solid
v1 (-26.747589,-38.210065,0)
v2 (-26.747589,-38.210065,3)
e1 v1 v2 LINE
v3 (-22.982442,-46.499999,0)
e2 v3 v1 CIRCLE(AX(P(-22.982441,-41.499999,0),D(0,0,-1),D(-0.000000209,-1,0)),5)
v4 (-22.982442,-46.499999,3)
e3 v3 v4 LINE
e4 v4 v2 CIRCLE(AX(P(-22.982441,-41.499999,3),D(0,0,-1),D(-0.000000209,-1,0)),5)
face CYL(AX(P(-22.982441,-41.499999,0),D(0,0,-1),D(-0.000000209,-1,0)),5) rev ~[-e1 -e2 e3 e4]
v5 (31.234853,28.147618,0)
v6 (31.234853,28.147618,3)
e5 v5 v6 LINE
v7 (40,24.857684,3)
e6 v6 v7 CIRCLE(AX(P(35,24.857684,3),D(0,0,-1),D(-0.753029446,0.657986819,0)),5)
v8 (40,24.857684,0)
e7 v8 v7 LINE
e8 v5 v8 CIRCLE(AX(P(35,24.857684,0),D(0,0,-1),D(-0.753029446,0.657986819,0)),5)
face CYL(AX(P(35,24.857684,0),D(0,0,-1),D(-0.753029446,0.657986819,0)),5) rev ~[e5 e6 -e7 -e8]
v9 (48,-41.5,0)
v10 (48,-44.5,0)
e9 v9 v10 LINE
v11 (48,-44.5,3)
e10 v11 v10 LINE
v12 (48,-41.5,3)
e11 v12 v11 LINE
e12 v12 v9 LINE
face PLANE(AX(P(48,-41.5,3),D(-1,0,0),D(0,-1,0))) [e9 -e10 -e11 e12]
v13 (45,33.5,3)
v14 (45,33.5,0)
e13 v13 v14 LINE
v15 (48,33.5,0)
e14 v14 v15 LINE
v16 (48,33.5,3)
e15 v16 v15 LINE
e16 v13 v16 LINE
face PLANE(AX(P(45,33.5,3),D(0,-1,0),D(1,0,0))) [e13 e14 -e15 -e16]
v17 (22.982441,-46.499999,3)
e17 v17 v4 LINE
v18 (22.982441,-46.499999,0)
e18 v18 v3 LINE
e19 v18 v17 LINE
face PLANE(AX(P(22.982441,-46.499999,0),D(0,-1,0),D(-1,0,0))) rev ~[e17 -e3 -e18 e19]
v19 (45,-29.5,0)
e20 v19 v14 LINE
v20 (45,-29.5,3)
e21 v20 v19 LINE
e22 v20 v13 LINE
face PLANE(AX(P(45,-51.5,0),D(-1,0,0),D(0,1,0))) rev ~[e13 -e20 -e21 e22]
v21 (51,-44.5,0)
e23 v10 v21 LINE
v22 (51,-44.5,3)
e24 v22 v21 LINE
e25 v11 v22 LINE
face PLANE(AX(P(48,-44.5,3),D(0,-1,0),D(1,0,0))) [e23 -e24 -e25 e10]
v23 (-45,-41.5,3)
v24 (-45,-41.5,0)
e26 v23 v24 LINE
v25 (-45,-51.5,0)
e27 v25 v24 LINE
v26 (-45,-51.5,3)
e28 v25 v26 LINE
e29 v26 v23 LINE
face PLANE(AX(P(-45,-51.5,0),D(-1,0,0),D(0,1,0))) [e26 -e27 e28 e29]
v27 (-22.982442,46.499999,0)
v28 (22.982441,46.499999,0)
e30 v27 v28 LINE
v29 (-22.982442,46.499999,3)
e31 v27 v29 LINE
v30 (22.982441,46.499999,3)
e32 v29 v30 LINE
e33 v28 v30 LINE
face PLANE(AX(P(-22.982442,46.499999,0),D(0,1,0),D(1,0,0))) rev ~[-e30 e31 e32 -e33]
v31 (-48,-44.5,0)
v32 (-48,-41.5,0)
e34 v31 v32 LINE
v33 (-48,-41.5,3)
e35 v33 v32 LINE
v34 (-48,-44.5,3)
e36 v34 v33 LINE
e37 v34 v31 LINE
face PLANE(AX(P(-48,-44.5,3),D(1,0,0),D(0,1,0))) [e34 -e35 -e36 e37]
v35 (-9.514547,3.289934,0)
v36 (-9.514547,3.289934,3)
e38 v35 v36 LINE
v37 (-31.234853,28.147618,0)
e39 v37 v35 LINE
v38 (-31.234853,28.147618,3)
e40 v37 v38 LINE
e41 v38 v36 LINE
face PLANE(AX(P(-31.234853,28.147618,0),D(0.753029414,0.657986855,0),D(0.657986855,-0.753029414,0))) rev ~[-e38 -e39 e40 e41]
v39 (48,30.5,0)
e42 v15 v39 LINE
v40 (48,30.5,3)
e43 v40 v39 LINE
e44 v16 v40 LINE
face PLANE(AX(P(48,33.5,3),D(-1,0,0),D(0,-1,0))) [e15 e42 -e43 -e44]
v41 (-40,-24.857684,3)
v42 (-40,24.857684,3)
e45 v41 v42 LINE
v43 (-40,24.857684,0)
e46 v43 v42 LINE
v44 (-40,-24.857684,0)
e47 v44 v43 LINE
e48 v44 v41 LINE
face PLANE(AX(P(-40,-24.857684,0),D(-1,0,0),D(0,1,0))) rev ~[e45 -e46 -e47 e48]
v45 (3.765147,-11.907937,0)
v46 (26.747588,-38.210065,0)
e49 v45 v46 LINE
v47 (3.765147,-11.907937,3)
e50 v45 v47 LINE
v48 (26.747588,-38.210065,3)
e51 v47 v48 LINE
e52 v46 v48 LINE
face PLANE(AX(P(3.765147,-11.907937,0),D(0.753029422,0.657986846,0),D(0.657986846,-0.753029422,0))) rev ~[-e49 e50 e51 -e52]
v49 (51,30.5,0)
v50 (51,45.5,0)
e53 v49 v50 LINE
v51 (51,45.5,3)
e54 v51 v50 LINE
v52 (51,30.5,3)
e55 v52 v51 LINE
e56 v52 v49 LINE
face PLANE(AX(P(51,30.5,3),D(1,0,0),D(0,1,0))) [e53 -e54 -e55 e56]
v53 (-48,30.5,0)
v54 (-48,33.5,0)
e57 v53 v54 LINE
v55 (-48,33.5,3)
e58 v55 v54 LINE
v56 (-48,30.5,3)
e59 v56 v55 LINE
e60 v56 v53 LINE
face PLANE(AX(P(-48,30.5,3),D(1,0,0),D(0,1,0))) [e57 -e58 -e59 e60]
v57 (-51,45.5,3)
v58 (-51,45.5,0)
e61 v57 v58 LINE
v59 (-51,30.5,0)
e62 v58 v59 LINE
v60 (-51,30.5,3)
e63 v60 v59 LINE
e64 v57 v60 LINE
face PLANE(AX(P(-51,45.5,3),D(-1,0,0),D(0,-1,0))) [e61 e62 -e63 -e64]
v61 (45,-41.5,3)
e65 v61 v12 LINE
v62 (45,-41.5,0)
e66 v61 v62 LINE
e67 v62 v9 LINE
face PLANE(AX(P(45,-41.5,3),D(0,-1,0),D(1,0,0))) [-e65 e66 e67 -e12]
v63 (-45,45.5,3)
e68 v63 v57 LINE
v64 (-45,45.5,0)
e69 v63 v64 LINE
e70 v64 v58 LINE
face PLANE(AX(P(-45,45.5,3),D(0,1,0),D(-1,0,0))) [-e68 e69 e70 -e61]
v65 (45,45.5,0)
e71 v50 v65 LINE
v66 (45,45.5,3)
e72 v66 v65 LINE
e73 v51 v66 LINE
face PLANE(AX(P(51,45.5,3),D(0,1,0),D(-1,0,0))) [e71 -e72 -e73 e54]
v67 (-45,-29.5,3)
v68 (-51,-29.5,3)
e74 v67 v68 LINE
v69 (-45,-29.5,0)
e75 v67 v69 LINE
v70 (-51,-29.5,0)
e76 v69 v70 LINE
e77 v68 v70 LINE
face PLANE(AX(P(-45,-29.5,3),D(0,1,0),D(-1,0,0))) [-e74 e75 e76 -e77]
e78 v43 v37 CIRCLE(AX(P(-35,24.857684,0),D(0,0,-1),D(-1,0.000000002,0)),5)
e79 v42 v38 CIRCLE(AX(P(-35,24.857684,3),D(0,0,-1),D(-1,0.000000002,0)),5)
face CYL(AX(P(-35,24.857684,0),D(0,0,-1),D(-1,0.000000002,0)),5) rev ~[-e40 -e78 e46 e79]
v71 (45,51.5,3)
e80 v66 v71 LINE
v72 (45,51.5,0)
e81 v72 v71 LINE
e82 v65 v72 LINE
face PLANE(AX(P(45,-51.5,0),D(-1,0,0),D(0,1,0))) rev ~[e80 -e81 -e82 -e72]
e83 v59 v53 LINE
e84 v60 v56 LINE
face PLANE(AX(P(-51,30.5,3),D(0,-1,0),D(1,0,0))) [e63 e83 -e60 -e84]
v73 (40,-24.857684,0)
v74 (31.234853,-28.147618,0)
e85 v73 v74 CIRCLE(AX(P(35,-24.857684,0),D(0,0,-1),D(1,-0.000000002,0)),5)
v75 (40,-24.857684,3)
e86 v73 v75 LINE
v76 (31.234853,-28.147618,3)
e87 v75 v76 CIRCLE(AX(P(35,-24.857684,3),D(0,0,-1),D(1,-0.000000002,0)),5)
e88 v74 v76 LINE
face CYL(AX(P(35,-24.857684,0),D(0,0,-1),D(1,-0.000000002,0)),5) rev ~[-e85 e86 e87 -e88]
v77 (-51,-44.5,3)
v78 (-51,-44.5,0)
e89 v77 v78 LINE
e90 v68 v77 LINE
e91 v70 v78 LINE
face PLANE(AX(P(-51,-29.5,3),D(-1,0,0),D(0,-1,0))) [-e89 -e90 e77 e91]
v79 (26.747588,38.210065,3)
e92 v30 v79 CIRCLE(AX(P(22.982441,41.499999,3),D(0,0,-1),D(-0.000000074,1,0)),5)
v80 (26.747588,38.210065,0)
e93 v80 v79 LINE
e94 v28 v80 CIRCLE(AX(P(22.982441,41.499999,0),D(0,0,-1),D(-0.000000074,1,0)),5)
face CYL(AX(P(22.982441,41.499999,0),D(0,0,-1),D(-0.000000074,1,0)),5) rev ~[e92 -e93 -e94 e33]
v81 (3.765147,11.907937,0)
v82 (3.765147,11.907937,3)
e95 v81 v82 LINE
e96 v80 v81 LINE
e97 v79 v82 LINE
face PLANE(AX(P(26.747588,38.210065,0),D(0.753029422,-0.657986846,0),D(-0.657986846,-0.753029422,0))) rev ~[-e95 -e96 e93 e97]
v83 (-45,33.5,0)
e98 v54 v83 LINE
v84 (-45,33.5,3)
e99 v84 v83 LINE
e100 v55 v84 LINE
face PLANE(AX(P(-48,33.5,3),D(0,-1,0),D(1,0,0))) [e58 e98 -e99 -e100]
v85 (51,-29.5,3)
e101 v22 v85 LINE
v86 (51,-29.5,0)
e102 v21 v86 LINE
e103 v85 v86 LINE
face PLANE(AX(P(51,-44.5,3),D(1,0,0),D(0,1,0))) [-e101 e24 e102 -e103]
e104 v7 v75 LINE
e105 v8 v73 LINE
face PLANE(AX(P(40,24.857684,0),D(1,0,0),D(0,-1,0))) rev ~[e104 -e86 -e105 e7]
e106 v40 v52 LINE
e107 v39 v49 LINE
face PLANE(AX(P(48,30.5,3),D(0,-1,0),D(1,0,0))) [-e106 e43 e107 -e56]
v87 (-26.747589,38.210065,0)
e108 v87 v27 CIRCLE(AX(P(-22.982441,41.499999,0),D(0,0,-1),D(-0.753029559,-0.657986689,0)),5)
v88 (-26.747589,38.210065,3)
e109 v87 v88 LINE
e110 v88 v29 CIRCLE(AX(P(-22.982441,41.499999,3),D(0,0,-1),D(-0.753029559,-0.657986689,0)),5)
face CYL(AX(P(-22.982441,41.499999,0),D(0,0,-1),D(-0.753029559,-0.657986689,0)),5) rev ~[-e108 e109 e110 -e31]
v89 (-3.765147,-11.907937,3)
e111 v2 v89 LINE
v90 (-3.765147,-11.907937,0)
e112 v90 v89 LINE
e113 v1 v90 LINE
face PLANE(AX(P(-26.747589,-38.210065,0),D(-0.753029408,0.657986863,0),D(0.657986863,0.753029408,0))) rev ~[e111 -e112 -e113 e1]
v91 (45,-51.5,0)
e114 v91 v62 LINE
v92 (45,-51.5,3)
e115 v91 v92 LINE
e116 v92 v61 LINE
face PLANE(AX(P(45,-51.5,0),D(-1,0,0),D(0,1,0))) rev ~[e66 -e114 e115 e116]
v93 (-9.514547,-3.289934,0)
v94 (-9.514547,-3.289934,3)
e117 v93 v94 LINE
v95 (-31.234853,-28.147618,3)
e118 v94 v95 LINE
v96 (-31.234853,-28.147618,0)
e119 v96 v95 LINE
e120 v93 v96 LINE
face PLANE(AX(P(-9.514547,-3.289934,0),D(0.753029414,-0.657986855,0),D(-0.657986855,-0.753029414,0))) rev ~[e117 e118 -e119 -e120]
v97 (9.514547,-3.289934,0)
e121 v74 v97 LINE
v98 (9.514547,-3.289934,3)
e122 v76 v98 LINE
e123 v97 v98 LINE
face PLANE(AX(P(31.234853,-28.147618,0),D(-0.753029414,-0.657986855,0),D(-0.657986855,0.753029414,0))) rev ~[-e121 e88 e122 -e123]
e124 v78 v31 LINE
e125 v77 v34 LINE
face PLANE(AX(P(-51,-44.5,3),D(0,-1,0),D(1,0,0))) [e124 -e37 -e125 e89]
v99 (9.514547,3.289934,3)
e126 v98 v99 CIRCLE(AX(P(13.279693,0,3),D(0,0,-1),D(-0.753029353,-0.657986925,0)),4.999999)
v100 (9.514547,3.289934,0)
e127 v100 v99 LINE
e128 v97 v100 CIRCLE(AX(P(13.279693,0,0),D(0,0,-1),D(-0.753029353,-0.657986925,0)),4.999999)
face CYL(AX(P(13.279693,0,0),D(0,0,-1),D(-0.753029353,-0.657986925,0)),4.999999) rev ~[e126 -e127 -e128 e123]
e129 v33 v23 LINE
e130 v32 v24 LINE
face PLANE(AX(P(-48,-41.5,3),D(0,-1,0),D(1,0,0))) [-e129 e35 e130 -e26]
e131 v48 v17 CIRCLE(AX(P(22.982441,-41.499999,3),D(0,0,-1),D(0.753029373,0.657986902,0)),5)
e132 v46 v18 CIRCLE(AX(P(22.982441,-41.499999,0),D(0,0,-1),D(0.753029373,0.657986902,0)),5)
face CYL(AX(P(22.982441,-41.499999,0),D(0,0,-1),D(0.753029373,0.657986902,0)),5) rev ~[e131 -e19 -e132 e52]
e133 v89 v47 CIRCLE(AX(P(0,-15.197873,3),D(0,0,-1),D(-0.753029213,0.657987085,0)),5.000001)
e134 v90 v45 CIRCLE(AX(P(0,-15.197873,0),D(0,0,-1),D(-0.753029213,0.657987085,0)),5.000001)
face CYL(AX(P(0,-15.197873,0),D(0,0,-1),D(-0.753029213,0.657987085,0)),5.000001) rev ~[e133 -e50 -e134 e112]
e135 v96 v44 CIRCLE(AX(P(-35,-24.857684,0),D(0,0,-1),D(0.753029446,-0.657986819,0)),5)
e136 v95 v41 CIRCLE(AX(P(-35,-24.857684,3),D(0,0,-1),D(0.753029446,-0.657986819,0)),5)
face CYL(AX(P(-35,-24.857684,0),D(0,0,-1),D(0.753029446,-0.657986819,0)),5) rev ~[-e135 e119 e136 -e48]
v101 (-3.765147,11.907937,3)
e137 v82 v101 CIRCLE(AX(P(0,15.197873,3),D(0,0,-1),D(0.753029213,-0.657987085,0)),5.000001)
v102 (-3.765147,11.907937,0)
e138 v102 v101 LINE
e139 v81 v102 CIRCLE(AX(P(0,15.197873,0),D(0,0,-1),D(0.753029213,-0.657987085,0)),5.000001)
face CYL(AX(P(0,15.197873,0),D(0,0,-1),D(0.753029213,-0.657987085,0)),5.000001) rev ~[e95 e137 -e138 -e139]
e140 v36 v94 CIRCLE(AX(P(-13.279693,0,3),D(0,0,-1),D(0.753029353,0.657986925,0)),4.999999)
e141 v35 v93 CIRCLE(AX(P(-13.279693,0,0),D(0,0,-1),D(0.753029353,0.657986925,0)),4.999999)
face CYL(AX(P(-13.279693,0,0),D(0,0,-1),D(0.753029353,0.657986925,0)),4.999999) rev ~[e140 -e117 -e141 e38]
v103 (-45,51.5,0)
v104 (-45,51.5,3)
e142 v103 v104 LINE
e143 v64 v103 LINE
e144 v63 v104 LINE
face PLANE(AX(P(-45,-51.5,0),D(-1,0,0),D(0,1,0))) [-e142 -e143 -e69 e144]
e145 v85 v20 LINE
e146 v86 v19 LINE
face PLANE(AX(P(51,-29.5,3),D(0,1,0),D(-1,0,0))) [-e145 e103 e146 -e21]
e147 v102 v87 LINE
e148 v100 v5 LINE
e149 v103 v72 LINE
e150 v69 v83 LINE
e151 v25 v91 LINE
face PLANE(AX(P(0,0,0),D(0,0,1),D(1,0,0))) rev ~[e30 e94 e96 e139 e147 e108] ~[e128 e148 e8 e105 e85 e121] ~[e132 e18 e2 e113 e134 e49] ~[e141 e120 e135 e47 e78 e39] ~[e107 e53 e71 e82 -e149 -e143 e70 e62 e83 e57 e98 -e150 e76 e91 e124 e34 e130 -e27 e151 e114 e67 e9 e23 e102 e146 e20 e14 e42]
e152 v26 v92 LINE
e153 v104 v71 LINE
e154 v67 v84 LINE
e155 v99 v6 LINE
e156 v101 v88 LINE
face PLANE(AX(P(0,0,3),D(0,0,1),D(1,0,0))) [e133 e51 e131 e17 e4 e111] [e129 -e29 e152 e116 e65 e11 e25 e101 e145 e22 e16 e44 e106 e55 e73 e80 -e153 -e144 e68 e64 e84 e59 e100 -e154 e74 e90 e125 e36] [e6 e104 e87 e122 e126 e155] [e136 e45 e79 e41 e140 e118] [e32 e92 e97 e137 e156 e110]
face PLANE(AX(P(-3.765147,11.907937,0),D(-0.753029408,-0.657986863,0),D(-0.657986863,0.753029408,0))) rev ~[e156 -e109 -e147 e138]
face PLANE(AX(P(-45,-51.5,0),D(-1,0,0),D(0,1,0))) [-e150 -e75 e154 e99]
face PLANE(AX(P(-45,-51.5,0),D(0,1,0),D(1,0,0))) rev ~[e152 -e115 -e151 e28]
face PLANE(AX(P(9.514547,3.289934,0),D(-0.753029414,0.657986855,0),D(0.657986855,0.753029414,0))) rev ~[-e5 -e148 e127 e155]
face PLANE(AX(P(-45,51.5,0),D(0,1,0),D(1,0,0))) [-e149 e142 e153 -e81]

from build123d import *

# Parameters (mm, degrees)
F0_W     = 90
F0_H     = 103
F1_DEPTH = 3
F3_DEPTH = 3


with BuildPart() as f1:
    # F0 (on Top) → F1 (new body)
    with BuildSketch(Plane.XY):
        Rectangle(F0_W, F0_H)
        with BuildLine():
            ThreePointArc((-22.982442, -46.499999), (-27.534895, -43.567646), (-26.747589, -38.210065))
            Line((-26.747589, -38.210065), (-3.765147, -11.907937))
            ThreePointArc((-3.765147, -11.907937), (0, -10.197872), (3.765147, -11.907937))
            Line((3.765147, -11.907937), (26.747588, -38.210065))
            ThreePointArc((26.747588, -38.210065), (27.534895, -43.567646), (22.982441, -46.499999))
            Line((22.982441, -46.499999), (-22.982442, -46.499999))
        make_face(mode=Mode.SUBTRACT)
        with BuildLine():
            ThreePointArc((-40, 24.857684), (-36.757024, 29.538802), (-31.234853, 28.147618))
            Line((-31.234853, 28.147618), (-9.514547, 3.289934))
            ThreePointArc((-9.514547, 3.289934), (-8.279694, 0), (-9.514547, -3.289934))
            Line((-9.514547, -3.289934), (-31.234853, -28.147618))
            ThreePointArc((-31.234853, -28.147618), (-36.757024, -29.538802), (-40, -24.857684))
            Line((-40, -24.857684), (-40, 24.857684))
        make_face(mode=Mode.SUBTRACT)
        with BuildLine():
            Line((9.514547, 3.289934), (31.234853, 28.147618))
            ThreePointArc((31.234853, 28.147618), (36.757024, 29.538802), (40, 24.857684))
            Line((40, 24.857684), (40, -24.857684))
            ThreePointArc((40, -24.857684), (36.757024, -29.538802), (31.234853, -28.147618))
            Line((31.234853, -28.147618), (9.514547, -3.289934))
            ThreePointArc((9.514547, -3.289934), (8.279694, 0), (9.514547, 3.289934))
        make_face(mode=Mode.SUBTRACT)
        with BuildLine():
            ThreePointArc((22.982441, 46.499999), (27.534895, 43.567646), (26.747588, 38.210065))
            Line((26.747588, 38.210065), (3.765147, 11.907937))
            ThreePointArc((3.765147, 11.907937), (0, 10.197872), (-3.765147, 11.907937))
            Line((-3.765147, 11.907937), (-26.747589, 38.210065))
            ThreePointArc((-26.747589, 38.210065), (-27.534895, 43.567646), (-22.982442, 46.499999))
            Line((-22.982442, 46.499999), (22.982441, 46.499999))
        make_face(mode=Mode.SUBTRACT)
    extrude(amount=F1_DEPTH)

    # F2 (on face) → F3 (join, through all)
    with BuildSketch(Plane.XY.offset(3)):
        Polygon((-45, 33.5), (-45, 45.5), (-51, 45.5), (-51, 30.5), (-48, 30.5), (-48, 33.5), align=None)
        Polygon((51, 45.5), (45, 45.5), (45, 33.5), (48, 33.5), (48, 30.5), (51, 30.5), align=None)
        Polygon((51, -29.5), (45, -29.5), (45, -41.5), (48, -41.5), (48, -44.5), (51, -44.5), align=None)
        Polygon((-45, -41.5), (-45, -29.5), (-51, -29.5), (-51, -44.5), (-48, -44.5), (-48, -41.5), align=None)
    extrude(amount=-F3_DEPTH)


solid = f1.part
